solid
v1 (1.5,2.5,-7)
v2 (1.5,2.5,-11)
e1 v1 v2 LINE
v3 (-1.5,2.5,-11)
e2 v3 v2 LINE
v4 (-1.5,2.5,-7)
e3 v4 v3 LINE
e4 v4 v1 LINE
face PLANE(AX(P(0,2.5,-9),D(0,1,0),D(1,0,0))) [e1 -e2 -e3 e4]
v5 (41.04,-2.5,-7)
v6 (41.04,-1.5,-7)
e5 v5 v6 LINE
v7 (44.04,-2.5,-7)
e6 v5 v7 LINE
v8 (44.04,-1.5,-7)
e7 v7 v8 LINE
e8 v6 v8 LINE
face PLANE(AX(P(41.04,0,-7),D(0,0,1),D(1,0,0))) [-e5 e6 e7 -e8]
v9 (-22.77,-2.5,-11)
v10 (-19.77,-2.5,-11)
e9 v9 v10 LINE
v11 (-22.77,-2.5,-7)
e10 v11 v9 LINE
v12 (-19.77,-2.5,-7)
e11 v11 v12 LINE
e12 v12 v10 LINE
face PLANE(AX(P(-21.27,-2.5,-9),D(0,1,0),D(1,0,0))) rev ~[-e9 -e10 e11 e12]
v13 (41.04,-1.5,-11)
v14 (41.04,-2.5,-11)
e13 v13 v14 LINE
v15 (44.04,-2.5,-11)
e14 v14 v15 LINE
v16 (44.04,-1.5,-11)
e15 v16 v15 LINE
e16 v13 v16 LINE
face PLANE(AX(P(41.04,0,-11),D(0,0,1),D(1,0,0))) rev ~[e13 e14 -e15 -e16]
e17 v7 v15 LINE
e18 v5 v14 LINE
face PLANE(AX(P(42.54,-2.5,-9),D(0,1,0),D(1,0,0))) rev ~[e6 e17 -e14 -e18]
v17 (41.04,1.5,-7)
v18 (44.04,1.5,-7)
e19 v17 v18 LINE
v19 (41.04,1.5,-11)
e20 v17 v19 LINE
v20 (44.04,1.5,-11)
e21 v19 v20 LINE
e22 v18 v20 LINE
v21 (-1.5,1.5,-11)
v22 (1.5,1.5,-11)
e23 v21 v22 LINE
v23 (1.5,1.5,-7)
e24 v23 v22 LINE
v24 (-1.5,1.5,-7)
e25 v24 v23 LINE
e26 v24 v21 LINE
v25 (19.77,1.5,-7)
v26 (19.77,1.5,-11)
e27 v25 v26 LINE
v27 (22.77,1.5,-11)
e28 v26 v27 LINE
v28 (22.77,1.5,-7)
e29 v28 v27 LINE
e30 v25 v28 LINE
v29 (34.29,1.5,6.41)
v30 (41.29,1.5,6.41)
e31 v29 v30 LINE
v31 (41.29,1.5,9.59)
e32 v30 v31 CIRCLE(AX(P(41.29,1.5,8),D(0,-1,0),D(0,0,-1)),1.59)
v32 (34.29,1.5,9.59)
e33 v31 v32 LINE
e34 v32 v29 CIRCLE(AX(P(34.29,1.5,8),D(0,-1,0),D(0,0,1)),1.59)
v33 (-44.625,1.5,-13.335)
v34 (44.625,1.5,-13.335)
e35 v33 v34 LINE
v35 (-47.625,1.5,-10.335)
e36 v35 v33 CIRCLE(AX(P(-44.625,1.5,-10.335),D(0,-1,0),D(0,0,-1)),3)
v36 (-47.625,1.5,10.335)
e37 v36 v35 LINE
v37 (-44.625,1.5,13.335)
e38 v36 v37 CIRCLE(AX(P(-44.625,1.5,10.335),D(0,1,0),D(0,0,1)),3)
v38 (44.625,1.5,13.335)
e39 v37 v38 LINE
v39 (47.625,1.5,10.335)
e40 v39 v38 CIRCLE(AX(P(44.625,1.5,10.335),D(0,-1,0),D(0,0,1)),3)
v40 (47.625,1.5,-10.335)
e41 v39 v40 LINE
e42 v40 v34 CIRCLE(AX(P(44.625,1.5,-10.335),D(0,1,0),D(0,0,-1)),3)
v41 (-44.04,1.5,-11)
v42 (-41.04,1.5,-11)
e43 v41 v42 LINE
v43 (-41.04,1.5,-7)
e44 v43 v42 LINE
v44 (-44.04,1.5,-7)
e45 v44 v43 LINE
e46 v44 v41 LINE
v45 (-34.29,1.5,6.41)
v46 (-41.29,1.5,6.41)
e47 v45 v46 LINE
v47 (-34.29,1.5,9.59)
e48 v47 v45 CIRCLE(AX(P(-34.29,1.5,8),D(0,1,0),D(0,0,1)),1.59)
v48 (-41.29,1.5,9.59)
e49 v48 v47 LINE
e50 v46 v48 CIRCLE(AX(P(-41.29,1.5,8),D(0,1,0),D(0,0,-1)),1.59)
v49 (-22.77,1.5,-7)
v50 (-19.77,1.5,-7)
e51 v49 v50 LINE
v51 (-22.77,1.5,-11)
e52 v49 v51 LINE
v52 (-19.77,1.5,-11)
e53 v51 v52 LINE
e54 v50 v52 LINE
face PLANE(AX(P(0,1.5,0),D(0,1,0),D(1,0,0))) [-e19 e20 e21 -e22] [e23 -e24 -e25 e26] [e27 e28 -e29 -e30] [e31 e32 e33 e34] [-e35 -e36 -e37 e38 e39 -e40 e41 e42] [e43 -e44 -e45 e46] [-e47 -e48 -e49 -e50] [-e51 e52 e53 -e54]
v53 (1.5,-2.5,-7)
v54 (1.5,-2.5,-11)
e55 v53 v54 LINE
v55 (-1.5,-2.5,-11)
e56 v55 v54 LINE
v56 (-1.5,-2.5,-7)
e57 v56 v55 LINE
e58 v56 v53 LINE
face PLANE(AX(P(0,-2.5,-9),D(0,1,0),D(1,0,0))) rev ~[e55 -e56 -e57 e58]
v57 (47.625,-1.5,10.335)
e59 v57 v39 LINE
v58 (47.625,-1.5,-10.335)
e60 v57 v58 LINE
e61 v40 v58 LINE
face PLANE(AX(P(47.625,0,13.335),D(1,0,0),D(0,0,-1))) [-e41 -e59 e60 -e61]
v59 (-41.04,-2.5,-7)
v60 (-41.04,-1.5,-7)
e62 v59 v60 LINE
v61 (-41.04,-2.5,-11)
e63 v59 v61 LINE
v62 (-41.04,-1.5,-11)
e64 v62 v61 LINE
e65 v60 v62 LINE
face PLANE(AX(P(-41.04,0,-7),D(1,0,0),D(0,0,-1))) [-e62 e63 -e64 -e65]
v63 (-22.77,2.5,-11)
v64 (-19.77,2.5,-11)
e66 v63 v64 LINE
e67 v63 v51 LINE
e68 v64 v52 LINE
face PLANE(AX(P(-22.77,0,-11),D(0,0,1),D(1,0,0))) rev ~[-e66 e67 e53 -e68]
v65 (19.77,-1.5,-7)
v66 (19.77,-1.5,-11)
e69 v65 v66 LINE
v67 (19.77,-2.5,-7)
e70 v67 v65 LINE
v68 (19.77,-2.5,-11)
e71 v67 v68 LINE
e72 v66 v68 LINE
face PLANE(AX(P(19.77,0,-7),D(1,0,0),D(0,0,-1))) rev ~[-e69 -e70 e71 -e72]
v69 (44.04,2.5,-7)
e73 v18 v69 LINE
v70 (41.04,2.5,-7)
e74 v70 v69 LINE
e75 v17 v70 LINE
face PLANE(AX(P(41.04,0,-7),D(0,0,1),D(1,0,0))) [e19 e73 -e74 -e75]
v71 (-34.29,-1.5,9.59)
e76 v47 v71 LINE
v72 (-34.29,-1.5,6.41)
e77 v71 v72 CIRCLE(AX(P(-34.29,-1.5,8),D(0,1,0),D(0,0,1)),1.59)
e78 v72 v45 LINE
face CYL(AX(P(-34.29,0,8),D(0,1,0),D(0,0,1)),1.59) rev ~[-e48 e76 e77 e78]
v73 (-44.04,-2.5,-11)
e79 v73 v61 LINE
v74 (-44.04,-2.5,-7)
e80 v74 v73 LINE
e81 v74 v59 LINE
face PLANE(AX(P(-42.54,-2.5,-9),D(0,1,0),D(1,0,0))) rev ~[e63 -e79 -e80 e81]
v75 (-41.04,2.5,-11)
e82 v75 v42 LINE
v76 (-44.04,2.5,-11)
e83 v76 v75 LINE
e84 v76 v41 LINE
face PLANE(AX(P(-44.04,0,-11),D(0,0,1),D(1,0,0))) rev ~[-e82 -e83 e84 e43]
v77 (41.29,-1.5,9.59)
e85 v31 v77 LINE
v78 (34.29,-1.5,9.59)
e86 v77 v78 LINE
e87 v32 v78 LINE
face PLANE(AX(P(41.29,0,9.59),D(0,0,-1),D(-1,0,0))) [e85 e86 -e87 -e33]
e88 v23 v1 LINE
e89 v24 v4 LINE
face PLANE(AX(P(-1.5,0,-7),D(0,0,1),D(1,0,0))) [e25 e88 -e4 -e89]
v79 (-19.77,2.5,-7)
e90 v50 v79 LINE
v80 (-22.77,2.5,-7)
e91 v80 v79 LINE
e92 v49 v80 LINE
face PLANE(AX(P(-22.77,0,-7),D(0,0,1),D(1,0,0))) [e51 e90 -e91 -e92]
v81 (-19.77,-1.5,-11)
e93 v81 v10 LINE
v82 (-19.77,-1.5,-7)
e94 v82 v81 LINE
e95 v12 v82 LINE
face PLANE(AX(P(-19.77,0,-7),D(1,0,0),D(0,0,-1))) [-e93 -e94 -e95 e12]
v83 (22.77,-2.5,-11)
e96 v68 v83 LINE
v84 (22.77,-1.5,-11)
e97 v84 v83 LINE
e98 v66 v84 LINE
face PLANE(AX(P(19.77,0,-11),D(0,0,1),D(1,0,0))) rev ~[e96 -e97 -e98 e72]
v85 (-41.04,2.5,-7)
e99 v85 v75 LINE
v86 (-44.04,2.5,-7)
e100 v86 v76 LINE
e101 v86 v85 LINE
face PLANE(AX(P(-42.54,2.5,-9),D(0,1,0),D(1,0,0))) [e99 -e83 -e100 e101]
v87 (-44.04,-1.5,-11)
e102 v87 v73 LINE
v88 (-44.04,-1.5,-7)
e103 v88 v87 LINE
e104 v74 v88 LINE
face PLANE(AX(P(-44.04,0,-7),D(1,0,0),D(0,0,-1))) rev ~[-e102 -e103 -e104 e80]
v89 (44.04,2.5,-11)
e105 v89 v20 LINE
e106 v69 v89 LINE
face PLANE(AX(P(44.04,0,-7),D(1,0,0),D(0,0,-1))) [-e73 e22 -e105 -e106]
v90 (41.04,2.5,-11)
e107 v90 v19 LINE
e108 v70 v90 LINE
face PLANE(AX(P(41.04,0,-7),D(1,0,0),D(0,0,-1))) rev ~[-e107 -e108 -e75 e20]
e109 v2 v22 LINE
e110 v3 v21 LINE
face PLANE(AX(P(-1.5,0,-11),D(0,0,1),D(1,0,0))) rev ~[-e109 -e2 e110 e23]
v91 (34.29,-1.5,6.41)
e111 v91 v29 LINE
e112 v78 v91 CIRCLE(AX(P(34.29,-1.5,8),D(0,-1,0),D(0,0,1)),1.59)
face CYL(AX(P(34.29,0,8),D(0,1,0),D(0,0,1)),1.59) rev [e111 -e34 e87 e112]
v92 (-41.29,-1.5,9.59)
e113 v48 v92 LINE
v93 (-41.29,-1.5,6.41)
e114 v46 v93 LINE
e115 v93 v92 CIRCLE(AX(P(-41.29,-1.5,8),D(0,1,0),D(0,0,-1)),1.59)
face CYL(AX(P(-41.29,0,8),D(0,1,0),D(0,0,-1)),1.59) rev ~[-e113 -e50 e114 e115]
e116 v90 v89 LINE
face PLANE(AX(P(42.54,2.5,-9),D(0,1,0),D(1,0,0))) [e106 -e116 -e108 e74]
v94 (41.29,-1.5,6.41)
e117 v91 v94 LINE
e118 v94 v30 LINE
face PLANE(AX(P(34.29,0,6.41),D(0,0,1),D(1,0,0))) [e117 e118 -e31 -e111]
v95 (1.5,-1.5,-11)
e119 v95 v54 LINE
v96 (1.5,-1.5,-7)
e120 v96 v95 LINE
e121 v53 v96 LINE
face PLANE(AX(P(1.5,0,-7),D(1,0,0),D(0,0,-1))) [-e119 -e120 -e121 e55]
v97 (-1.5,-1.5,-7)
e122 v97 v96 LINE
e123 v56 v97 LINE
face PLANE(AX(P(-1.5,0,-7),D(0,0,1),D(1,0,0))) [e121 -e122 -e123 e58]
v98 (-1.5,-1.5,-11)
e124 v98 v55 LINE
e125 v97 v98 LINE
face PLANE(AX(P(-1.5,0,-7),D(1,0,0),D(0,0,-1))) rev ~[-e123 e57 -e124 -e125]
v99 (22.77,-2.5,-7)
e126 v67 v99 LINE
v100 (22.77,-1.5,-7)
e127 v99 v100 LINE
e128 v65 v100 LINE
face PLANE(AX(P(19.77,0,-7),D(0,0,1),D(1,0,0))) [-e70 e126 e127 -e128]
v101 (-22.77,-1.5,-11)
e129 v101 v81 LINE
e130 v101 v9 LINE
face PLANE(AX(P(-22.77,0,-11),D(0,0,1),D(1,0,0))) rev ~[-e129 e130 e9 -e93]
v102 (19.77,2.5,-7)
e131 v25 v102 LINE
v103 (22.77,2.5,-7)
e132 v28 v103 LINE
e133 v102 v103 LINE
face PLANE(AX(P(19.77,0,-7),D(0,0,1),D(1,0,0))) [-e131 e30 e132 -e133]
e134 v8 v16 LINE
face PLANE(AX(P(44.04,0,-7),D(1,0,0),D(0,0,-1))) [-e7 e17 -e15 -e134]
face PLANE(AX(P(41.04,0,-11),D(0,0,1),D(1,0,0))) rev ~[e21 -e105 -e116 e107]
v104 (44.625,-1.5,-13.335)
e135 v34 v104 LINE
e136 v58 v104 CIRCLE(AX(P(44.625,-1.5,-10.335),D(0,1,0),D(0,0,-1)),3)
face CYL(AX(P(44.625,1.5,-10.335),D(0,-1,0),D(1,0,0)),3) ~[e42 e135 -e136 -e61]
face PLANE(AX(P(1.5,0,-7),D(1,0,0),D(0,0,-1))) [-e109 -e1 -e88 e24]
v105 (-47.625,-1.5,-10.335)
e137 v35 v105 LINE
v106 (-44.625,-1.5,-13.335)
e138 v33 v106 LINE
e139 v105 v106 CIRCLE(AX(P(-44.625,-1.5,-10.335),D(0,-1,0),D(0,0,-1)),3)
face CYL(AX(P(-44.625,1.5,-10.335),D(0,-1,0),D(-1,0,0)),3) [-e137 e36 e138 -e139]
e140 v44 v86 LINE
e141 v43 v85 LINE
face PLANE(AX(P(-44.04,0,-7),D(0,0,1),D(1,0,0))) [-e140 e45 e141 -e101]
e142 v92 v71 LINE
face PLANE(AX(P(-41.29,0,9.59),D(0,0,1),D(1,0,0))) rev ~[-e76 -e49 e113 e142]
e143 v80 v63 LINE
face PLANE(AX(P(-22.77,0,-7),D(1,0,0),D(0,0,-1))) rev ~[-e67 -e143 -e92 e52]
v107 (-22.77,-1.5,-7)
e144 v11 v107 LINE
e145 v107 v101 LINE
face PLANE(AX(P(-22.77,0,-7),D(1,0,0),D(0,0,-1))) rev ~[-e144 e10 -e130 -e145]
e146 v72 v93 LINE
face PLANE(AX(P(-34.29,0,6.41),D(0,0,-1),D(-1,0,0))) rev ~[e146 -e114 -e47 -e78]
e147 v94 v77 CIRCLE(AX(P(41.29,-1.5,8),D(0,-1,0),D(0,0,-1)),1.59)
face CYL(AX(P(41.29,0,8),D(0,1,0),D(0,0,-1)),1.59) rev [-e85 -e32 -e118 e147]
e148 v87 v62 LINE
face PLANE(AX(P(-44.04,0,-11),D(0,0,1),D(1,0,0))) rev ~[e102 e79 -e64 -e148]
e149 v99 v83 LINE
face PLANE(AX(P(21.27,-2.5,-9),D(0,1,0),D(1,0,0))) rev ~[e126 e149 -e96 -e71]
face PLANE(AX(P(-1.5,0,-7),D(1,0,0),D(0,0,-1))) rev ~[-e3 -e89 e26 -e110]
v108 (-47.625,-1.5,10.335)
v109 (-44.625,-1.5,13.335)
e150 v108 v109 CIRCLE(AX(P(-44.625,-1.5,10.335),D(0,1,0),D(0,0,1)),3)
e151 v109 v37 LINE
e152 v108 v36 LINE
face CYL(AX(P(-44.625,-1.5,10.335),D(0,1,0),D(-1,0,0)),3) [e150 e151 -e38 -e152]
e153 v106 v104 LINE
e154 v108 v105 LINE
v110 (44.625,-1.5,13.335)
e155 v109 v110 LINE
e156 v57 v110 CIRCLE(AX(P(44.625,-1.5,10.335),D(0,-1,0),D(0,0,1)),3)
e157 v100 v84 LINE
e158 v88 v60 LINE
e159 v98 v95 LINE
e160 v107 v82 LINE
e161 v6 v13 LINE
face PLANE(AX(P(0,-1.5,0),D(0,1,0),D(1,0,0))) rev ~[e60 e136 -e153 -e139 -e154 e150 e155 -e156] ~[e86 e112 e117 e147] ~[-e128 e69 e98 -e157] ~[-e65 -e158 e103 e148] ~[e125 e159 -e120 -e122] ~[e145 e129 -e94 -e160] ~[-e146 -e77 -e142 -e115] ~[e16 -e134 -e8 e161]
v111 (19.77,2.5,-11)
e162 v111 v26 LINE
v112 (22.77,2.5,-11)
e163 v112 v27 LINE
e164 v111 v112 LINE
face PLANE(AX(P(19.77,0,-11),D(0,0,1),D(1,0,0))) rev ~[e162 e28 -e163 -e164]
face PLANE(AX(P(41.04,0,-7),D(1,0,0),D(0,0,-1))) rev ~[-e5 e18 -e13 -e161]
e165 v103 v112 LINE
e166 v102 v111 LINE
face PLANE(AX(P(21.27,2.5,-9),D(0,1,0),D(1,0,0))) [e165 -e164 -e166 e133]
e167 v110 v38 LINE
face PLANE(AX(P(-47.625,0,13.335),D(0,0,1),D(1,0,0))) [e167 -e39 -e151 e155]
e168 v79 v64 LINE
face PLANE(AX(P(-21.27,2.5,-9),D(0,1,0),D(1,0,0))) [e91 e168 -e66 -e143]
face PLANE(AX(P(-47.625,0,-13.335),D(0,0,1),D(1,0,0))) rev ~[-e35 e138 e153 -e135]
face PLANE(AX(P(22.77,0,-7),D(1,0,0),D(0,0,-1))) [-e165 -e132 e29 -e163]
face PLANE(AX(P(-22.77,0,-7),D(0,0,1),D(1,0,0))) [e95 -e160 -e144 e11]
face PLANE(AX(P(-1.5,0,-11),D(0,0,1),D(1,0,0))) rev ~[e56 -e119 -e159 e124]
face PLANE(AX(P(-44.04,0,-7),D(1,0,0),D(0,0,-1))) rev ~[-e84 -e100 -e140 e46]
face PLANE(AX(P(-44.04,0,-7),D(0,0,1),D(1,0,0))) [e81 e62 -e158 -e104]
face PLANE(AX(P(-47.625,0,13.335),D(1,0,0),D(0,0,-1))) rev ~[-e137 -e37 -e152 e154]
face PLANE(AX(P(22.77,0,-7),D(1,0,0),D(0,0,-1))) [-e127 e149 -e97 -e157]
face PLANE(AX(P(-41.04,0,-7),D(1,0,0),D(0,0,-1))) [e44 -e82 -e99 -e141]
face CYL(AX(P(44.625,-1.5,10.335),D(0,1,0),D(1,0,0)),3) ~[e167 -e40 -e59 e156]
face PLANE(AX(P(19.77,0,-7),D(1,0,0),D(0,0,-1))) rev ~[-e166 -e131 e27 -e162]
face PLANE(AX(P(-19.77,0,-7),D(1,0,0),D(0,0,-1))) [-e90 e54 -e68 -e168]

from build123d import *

# Parameters (mm, degrees)
SKETCH_1_W                 = 95.25
SKETCH_1_H                 = 26.67
EXTRUDE_1_DEPTH            = 1.5
FILLET_1_R                 = 3
SKETCH_2_W                 = 3
SKETCH_2_H                 = 4
EXTRUDE_2_DEPTH            = 2.5
PATTERN_LINEAR_1_COUNT     = 3
PATTERN_LINEAR_1_PITCH     = 21.27
PATTERN_LINEAR_1_COL_COUNT = 3
PATTERN_LINEAR_1_COL_PITCH = 21.27


with BuildPart() as part:
    # 草图1 → 凸台-拉伸1 (new, symmetric)
    with BuildSketch(Plane(origin=(0, 0, 0), x_dir=(1, 0, 0), z_dir=(0, 1, 0))):
        Rectangle(SKETCH_1_W, SKETCH_1_H)
        with BuildLine():
            Line((34.29, -6.41), (41.29, -6.41))
            ThreePointArc((41.29, -6.41), (42.88, -8), (41.29, -9.59))
            Line((41.29, -9.59), (34.29, -9.59))
            ThreePointArc((34.29, -9.59), (32.7, -8), (34.29, -6.41))
        make_face(mode=Mode.SUBTRACT)
        with BuildLine():
            Line((-34.29, -6.41), (-41.29, -6.41))
            ThreePointArc((-41.29, -6.41), (-42.88, -8), (-41.29, -9.59))
            Line((-41.29, -9.59), (-34.29, -9.59))
            ThreePointArc((-34.29, -9.59), (-32.7, -8), (-34.29, -6.41))
        make_face(mode=Mode.SUBTRACT)
    extrude(amount=EXTRUDE_1_DEPTH, both=True)

    # 圆角1
    fillet_1_edges = [part.edges().sort_by_distance(p)[0] for p in [
        (47.625, 0, 13.335),
        (-47.625, 0, 13.335),
        (-47.625, 0, -13.335),
        (47.625, 0, -13.335),
    ]]
    fillet(fillet_1_edges, radius=FILLET_1_R)

    # 草图2 → 凸台-拉伸2 (add, symmetric)
    with BuildSketch(Plane(origin=(0, 0, 0), x_dir=(1, 0, 0), z_dir=(0, 1, 0))):
        with Locations((0, 9)):
            Rectangle(SKETCH_2_W, SKETCH_2_H)
    extrude_2 = extrude(amount=EXTRUDE_2_DEPTH, both=True)

    # 阵列(线性)1: 凸台-拉伸2 ×3
    with Locations(*[(i * PATTERN_LINEAR_1_PITCH, 0, 0) for i in range(1, PATTERN_LINEAR_1_COUNT)]):
        add(extrude_2)

    # 阵列(线性)1 col: 凸台-拉伸2 ×3
    with Locations(*[(-i * PATTERN_LINEAR_1_COL_PITCH, 0, 0) for i in range(1, PATTERN_LINEAR_1_COL_COUNT)]):
        add(extrude_2)


solid = part.part
